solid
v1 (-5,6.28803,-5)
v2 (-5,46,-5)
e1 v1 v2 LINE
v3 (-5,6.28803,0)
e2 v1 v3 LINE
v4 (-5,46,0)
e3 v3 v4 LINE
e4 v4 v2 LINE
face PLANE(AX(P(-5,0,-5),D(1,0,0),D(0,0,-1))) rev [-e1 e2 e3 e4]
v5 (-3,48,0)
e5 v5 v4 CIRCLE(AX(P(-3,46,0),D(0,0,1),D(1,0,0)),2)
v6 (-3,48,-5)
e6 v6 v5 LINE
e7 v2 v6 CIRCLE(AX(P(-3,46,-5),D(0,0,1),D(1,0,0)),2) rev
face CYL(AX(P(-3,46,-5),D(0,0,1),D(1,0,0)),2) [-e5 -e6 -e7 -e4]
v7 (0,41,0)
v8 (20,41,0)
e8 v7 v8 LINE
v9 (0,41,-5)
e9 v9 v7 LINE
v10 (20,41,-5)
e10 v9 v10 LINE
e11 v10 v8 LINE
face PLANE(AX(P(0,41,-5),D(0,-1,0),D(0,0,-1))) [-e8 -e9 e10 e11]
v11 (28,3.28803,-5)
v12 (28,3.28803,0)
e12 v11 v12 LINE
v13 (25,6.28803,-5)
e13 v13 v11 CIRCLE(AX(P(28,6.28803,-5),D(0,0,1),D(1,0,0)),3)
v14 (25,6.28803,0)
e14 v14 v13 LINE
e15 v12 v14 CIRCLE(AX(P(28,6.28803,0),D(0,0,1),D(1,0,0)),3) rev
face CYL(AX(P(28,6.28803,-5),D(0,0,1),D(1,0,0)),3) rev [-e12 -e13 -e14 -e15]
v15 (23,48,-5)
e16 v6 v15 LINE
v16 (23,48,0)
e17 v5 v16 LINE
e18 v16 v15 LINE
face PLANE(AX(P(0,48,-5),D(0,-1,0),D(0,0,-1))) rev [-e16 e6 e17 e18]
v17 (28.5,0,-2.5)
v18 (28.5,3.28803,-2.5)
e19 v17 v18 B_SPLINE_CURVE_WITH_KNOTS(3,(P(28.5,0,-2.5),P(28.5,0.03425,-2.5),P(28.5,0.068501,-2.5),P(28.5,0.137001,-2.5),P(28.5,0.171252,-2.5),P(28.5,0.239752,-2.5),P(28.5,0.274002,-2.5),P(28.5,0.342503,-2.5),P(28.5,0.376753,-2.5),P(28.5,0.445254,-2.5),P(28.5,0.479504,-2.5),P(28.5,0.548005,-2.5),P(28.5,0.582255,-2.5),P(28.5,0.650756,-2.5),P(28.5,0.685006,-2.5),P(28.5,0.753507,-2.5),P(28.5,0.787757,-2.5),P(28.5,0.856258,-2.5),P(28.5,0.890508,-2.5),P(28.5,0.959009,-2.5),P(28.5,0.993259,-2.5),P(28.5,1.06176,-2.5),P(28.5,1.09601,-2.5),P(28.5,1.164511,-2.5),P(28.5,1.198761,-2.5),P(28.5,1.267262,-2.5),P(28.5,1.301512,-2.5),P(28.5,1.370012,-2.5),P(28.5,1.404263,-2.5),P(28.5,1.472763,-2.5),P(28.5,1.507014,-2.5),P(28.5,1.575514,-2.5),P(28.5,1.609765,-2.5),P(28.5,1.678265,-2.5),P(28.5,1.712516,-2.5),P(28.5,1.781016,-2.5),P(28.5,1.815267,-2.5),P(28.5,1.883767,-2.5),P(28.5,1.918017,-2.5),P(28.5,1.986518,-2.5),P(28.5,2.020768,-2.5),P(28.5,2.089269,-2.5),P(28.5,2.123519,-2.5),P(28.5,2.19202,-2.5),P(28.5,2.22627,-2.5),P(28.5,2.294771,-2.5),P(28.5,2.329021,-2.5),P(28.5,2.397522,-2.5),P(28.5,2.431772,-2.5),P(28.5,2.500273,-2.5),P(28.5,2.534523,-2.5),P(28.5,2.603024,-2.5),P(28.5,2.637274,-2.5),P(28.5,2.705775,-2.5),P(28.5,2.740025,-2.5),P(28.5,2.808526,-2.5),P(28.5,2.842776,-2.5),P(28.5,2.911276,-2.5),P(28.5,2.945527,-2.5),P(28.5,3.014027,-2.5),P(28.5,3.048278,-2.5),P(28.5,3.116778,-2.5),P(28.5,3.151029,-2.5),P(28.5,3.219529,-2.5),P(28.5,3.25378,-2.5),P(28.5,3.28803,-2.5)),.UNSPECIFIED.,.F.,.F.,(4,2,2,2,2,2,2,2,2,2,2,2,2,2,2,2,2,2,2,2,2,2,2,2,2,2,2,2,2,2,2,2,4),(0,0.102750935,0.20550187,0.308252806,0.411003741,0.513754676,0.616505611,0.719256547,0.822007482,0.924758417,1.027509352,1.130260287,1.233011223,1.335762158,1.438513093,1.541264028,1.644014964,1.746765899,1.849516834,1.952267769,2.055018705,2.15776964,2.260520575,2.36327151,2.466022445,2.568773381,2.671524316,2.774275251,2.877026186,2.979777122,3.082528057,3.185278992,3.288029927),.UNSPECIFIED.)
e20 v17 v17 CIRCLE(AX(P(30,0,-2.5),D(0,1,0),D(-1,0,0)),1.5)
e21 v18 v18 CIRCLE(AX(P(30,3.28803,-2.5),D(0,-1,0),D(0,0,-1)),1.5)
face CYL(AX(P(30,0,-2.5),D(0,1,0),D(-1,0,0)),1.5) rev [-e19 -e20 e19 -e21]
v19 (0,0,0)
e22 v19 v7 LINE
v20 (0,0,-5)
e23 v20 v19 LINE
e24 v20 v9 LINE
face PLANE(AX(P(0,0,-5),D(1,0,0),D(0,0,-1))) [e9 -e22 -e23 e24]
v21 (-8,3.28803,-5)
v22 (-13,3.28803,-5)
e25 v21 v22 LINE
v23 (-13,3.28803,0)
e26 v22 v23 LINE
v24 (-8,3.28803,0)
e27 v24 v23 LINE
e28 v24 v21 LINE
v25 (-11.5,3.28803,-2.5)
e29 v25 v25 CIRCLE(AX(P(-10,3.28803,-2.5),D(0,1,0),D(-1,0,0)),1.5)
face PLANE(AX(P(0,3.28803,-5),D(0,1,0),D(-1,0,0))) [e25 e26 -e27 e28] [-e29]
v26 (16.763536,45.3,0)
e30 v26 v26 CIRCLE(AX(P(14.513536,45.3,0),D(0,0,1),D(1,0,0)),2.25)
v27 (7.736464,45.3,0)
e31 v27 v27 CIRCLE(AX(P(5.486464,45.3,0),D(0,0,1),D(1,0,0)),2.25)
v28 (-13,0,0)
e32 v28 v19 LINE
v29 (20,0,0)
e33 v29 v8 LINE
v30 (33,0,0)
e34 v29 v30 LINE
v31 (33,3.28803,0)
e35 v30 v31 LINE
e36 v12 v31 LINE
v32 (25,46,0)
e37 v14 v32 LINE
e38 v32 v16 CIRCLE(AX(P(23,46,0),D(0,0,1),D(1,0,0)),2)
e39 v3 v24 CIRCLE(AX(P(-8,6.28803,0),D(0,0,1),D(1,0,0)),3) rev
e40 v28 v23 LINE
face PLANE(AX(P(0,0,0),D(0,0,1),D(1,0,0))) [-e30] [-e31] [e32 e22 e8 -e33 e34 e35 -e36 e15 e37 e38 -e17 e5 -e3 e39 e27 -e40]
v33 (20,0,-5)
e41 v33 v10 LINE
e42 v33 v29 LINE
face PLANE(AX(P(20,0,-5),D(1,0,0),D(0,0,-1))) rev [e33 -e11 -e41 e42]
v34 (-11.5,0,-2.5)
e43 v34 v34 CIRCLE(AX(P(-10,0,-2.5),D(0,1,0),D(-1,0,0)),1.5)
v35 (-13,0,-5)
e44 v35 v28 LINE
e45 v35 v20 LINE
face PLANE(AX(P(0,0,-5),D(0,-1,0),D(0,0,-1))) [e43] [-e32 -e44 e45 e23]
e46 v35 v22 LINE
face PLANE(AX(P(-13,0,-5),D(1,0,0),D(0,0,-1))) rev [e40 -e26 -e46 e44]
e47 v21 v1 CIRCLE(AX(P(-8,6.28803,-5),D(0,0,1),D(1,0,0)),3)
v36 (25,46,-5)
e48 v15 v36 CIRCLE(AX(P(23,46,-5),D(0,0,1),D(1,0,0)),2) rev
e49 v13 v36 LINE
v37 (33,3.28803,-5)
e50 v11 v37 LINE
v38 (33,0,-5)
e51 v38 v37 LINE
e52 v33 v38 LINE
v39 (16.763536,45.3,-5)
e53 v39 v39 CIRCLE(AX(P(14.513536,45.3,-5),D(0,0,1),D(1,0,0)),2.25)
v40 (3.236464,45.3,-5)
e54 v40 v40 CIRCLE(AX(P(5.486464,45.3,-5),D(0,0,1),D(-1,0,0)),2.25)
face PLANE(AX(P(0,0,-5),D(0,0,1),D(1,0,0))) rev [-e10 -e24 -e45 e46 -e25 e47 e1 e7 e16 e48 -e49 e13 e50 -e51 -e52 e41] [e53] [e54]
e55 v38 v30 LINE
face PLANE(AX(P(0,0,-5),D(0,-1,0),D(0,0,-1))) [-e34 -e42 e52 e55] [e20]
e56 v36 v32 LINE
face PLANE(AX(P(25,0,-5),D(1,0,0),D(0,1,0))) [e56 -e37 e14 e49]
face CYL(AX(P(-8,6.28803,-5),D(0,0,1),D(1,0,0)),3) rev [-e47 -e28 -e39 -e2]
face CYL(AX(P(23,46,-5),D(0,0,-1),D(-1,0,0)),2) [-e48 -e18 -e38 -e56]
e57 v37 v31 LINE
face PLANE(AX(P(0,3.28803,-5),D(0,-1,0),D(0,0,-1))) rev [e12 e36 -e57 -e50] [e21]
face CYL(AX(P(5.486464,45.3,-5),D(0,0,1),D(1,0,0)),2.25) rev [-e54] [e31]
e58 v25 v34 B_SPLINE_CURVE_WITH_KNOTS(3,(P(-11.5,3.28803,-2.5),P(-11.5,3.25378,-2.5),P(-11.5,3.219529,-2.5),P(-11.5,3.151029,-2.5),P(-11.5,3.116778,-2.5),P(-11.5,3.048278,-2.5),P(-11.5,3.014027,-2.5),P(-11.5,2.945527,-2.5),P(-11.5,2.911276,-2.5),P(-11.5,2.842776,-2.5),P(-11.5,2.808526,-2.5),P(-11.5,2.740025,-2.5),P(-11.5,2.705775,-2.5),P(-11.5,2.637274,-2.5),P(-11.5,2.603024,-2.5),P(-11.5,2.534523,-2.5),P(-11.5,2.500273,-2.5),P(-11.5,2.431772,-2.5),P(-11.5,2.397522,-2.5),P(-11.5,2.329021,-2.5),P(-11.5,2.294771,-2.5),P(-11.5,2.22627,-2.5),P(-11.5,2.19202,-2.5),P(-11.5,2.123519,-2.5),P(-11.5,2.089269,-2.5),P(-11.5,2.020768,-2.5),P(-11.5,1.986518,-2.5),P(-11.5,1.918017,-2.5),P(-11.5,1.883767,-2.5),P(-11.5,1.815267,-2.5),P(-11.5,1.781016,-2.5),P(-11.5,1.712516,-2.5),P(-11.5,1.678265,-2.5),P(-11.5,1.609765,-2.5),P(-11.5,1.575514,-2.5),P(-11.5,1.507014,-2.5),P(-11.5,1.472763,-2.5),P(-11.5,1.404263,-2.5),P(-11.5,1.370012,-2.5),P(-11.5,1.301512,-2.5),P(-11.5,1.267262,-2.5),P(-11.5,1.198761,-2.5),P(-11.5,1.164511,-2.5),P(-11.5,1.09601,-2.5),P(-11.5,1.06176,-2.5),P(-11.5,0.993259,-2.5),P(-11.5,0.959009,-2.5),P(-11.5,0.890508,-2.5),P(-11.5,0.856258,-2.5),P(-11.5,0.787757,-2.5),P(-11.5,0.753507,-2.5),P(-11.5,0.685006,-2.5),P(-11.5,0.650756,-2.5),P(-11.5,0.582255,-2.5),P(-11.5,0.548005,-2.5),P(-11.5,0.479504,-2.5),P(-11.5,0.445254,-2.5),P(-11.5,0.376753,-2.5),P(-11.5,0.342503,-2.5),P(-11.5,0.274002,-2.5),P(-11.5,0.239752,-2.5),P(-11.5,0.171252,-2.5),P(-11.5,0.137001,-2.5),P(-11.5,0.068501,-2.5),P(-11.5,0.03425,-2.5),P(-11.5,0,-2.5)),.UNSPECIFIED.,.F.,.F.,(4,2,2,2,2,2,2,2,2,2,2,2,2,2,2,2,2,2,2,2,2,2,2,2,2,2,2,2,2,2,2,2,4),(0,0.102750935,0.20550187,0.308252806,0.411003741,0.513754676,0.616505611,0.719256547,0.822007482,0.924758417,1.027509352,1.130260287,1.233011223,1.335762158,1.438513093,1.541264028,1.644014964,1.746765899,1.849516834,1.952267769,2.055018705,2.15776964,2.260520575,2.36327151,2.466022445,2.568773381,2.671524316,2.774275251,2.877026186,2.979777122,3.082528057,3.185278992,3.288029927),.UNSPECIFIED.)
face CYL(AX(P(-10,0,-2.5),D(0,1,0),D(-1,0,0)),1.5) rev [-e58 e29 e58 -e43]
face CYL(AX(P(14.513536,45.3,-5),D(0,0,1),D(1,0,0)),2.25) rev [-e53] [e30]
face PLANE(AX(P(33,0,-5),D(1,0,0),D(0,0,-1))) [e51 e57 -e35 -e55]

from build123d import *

# Parameters (mm, degrees)
SKETCH1_W               = 5
SKETCH1_H               = 3.288029927
SKETCH1_W_2             = 8
BOSS_EXTRUDE1_DEPTH     = 5
FILLET1_R               = 2
CUT_EXTRUDE1_DEPTH      = 56.795701159
CUT_EXTRUDE1_DEPTH_BACK = 56.795701159
SKETCH2_R               = 1.5
CUT_EXTRUDE2_DEPTH      = 59.463663929
CUT_EXTRUDE2_DEPTH_BACK = 59.463663929
SKETCH3_R               = 2.25
FILLET2_R               = 3


with BuildPart() as part:
    # Sketch1 → Boss-Extrude1 (new body)
    with BuildSketch(Plane.XY):
        Polygon((-5, 3.288029927), (0, 3.288029927), (0, 41), (20, 41), (20, 3.288029927), (25, 3.288029927), (25, 48), (-5, 48), align=None)
        with Locations((-2.5, 1.644014964)):
            Rectangle(SKETCH1_W, SKETCH1_H)
        with Locations((-9, 1.644014964)):
            Rectangle(SKETCH1_W_2, SKETCH1_H)
        with Locations((22.5, 1.644014964)):
            Rectangle(SKETCH1_W, SKETCH1_H)
        with Locations((29, 1.644014964)):
            Rectangle(SKETCH1_W_2, SKETCH1_H)
    extrude(amount=-BOSS_EXTRUDE1_DEPTH)

    # Fillet1
    fillet1_edges = [part.edges().sort_by_distance(p)[0] for p in [
        (-5, 48, -2.5),
        (25, 48, -2.5),
    ]]
    fillet(fillet1_edges, radius=FILLET1_R)

    # Sketch2 → Cut-Extrude1 (cut, two sides: drawn at the far end of the back side and taken through both)
    with BuildSketch(Plane(origin=(0, 3.288029927, 0), x_dir=(1, 0, 0), z_dir=(0, 1, 0)).offset(-CUT_EXTRUDE1_DEPTH_BACK)):
        with Locations(Location((-10, 2.5, 0), (0, 0, 180))):
            Circle(SKETCH2_R)
        with Locations(Location((30, 2.5, 0), (0, 0, 180))):
            Circle(SKETCH2_R)
    extrude(amount=CUT_EXTRUDE1_DEPTH + CUT_EXTRUDE1_DEPTH_BACK, mode=Mode.SUBTRACT)

    # Sketch3 → Cut-Extrude2 (cut, two sides: drawn at the far end of the back side and taken through both)
    with BuildSketch(Plane.XY.offset(-CUT_EXTRUDE2_DEPTH_BACK)):
        with Locations((14.513536336, 45.3)):
            Circle(SKETCH3_R)
        with Locations((5.486463664, 45.3)):
            Circle(SKETCH3_R)
    extrude(amount=CUT_EXTRUDE2_DEPTH + CUT_EXTRUDE2_DEPTH_BACK, mode=Mode.SUBTRACT)

    # Fillet2
    fillet2_edges = [part.edges().sort_by_distance(p)[0] for p in [
        (25, 3.288029927, -2.5),
        (-5, 3.288029927, -2.5),
    ]]
    fillet(fillet2_edges, radius=FILLET2_R)


solid = part.part
